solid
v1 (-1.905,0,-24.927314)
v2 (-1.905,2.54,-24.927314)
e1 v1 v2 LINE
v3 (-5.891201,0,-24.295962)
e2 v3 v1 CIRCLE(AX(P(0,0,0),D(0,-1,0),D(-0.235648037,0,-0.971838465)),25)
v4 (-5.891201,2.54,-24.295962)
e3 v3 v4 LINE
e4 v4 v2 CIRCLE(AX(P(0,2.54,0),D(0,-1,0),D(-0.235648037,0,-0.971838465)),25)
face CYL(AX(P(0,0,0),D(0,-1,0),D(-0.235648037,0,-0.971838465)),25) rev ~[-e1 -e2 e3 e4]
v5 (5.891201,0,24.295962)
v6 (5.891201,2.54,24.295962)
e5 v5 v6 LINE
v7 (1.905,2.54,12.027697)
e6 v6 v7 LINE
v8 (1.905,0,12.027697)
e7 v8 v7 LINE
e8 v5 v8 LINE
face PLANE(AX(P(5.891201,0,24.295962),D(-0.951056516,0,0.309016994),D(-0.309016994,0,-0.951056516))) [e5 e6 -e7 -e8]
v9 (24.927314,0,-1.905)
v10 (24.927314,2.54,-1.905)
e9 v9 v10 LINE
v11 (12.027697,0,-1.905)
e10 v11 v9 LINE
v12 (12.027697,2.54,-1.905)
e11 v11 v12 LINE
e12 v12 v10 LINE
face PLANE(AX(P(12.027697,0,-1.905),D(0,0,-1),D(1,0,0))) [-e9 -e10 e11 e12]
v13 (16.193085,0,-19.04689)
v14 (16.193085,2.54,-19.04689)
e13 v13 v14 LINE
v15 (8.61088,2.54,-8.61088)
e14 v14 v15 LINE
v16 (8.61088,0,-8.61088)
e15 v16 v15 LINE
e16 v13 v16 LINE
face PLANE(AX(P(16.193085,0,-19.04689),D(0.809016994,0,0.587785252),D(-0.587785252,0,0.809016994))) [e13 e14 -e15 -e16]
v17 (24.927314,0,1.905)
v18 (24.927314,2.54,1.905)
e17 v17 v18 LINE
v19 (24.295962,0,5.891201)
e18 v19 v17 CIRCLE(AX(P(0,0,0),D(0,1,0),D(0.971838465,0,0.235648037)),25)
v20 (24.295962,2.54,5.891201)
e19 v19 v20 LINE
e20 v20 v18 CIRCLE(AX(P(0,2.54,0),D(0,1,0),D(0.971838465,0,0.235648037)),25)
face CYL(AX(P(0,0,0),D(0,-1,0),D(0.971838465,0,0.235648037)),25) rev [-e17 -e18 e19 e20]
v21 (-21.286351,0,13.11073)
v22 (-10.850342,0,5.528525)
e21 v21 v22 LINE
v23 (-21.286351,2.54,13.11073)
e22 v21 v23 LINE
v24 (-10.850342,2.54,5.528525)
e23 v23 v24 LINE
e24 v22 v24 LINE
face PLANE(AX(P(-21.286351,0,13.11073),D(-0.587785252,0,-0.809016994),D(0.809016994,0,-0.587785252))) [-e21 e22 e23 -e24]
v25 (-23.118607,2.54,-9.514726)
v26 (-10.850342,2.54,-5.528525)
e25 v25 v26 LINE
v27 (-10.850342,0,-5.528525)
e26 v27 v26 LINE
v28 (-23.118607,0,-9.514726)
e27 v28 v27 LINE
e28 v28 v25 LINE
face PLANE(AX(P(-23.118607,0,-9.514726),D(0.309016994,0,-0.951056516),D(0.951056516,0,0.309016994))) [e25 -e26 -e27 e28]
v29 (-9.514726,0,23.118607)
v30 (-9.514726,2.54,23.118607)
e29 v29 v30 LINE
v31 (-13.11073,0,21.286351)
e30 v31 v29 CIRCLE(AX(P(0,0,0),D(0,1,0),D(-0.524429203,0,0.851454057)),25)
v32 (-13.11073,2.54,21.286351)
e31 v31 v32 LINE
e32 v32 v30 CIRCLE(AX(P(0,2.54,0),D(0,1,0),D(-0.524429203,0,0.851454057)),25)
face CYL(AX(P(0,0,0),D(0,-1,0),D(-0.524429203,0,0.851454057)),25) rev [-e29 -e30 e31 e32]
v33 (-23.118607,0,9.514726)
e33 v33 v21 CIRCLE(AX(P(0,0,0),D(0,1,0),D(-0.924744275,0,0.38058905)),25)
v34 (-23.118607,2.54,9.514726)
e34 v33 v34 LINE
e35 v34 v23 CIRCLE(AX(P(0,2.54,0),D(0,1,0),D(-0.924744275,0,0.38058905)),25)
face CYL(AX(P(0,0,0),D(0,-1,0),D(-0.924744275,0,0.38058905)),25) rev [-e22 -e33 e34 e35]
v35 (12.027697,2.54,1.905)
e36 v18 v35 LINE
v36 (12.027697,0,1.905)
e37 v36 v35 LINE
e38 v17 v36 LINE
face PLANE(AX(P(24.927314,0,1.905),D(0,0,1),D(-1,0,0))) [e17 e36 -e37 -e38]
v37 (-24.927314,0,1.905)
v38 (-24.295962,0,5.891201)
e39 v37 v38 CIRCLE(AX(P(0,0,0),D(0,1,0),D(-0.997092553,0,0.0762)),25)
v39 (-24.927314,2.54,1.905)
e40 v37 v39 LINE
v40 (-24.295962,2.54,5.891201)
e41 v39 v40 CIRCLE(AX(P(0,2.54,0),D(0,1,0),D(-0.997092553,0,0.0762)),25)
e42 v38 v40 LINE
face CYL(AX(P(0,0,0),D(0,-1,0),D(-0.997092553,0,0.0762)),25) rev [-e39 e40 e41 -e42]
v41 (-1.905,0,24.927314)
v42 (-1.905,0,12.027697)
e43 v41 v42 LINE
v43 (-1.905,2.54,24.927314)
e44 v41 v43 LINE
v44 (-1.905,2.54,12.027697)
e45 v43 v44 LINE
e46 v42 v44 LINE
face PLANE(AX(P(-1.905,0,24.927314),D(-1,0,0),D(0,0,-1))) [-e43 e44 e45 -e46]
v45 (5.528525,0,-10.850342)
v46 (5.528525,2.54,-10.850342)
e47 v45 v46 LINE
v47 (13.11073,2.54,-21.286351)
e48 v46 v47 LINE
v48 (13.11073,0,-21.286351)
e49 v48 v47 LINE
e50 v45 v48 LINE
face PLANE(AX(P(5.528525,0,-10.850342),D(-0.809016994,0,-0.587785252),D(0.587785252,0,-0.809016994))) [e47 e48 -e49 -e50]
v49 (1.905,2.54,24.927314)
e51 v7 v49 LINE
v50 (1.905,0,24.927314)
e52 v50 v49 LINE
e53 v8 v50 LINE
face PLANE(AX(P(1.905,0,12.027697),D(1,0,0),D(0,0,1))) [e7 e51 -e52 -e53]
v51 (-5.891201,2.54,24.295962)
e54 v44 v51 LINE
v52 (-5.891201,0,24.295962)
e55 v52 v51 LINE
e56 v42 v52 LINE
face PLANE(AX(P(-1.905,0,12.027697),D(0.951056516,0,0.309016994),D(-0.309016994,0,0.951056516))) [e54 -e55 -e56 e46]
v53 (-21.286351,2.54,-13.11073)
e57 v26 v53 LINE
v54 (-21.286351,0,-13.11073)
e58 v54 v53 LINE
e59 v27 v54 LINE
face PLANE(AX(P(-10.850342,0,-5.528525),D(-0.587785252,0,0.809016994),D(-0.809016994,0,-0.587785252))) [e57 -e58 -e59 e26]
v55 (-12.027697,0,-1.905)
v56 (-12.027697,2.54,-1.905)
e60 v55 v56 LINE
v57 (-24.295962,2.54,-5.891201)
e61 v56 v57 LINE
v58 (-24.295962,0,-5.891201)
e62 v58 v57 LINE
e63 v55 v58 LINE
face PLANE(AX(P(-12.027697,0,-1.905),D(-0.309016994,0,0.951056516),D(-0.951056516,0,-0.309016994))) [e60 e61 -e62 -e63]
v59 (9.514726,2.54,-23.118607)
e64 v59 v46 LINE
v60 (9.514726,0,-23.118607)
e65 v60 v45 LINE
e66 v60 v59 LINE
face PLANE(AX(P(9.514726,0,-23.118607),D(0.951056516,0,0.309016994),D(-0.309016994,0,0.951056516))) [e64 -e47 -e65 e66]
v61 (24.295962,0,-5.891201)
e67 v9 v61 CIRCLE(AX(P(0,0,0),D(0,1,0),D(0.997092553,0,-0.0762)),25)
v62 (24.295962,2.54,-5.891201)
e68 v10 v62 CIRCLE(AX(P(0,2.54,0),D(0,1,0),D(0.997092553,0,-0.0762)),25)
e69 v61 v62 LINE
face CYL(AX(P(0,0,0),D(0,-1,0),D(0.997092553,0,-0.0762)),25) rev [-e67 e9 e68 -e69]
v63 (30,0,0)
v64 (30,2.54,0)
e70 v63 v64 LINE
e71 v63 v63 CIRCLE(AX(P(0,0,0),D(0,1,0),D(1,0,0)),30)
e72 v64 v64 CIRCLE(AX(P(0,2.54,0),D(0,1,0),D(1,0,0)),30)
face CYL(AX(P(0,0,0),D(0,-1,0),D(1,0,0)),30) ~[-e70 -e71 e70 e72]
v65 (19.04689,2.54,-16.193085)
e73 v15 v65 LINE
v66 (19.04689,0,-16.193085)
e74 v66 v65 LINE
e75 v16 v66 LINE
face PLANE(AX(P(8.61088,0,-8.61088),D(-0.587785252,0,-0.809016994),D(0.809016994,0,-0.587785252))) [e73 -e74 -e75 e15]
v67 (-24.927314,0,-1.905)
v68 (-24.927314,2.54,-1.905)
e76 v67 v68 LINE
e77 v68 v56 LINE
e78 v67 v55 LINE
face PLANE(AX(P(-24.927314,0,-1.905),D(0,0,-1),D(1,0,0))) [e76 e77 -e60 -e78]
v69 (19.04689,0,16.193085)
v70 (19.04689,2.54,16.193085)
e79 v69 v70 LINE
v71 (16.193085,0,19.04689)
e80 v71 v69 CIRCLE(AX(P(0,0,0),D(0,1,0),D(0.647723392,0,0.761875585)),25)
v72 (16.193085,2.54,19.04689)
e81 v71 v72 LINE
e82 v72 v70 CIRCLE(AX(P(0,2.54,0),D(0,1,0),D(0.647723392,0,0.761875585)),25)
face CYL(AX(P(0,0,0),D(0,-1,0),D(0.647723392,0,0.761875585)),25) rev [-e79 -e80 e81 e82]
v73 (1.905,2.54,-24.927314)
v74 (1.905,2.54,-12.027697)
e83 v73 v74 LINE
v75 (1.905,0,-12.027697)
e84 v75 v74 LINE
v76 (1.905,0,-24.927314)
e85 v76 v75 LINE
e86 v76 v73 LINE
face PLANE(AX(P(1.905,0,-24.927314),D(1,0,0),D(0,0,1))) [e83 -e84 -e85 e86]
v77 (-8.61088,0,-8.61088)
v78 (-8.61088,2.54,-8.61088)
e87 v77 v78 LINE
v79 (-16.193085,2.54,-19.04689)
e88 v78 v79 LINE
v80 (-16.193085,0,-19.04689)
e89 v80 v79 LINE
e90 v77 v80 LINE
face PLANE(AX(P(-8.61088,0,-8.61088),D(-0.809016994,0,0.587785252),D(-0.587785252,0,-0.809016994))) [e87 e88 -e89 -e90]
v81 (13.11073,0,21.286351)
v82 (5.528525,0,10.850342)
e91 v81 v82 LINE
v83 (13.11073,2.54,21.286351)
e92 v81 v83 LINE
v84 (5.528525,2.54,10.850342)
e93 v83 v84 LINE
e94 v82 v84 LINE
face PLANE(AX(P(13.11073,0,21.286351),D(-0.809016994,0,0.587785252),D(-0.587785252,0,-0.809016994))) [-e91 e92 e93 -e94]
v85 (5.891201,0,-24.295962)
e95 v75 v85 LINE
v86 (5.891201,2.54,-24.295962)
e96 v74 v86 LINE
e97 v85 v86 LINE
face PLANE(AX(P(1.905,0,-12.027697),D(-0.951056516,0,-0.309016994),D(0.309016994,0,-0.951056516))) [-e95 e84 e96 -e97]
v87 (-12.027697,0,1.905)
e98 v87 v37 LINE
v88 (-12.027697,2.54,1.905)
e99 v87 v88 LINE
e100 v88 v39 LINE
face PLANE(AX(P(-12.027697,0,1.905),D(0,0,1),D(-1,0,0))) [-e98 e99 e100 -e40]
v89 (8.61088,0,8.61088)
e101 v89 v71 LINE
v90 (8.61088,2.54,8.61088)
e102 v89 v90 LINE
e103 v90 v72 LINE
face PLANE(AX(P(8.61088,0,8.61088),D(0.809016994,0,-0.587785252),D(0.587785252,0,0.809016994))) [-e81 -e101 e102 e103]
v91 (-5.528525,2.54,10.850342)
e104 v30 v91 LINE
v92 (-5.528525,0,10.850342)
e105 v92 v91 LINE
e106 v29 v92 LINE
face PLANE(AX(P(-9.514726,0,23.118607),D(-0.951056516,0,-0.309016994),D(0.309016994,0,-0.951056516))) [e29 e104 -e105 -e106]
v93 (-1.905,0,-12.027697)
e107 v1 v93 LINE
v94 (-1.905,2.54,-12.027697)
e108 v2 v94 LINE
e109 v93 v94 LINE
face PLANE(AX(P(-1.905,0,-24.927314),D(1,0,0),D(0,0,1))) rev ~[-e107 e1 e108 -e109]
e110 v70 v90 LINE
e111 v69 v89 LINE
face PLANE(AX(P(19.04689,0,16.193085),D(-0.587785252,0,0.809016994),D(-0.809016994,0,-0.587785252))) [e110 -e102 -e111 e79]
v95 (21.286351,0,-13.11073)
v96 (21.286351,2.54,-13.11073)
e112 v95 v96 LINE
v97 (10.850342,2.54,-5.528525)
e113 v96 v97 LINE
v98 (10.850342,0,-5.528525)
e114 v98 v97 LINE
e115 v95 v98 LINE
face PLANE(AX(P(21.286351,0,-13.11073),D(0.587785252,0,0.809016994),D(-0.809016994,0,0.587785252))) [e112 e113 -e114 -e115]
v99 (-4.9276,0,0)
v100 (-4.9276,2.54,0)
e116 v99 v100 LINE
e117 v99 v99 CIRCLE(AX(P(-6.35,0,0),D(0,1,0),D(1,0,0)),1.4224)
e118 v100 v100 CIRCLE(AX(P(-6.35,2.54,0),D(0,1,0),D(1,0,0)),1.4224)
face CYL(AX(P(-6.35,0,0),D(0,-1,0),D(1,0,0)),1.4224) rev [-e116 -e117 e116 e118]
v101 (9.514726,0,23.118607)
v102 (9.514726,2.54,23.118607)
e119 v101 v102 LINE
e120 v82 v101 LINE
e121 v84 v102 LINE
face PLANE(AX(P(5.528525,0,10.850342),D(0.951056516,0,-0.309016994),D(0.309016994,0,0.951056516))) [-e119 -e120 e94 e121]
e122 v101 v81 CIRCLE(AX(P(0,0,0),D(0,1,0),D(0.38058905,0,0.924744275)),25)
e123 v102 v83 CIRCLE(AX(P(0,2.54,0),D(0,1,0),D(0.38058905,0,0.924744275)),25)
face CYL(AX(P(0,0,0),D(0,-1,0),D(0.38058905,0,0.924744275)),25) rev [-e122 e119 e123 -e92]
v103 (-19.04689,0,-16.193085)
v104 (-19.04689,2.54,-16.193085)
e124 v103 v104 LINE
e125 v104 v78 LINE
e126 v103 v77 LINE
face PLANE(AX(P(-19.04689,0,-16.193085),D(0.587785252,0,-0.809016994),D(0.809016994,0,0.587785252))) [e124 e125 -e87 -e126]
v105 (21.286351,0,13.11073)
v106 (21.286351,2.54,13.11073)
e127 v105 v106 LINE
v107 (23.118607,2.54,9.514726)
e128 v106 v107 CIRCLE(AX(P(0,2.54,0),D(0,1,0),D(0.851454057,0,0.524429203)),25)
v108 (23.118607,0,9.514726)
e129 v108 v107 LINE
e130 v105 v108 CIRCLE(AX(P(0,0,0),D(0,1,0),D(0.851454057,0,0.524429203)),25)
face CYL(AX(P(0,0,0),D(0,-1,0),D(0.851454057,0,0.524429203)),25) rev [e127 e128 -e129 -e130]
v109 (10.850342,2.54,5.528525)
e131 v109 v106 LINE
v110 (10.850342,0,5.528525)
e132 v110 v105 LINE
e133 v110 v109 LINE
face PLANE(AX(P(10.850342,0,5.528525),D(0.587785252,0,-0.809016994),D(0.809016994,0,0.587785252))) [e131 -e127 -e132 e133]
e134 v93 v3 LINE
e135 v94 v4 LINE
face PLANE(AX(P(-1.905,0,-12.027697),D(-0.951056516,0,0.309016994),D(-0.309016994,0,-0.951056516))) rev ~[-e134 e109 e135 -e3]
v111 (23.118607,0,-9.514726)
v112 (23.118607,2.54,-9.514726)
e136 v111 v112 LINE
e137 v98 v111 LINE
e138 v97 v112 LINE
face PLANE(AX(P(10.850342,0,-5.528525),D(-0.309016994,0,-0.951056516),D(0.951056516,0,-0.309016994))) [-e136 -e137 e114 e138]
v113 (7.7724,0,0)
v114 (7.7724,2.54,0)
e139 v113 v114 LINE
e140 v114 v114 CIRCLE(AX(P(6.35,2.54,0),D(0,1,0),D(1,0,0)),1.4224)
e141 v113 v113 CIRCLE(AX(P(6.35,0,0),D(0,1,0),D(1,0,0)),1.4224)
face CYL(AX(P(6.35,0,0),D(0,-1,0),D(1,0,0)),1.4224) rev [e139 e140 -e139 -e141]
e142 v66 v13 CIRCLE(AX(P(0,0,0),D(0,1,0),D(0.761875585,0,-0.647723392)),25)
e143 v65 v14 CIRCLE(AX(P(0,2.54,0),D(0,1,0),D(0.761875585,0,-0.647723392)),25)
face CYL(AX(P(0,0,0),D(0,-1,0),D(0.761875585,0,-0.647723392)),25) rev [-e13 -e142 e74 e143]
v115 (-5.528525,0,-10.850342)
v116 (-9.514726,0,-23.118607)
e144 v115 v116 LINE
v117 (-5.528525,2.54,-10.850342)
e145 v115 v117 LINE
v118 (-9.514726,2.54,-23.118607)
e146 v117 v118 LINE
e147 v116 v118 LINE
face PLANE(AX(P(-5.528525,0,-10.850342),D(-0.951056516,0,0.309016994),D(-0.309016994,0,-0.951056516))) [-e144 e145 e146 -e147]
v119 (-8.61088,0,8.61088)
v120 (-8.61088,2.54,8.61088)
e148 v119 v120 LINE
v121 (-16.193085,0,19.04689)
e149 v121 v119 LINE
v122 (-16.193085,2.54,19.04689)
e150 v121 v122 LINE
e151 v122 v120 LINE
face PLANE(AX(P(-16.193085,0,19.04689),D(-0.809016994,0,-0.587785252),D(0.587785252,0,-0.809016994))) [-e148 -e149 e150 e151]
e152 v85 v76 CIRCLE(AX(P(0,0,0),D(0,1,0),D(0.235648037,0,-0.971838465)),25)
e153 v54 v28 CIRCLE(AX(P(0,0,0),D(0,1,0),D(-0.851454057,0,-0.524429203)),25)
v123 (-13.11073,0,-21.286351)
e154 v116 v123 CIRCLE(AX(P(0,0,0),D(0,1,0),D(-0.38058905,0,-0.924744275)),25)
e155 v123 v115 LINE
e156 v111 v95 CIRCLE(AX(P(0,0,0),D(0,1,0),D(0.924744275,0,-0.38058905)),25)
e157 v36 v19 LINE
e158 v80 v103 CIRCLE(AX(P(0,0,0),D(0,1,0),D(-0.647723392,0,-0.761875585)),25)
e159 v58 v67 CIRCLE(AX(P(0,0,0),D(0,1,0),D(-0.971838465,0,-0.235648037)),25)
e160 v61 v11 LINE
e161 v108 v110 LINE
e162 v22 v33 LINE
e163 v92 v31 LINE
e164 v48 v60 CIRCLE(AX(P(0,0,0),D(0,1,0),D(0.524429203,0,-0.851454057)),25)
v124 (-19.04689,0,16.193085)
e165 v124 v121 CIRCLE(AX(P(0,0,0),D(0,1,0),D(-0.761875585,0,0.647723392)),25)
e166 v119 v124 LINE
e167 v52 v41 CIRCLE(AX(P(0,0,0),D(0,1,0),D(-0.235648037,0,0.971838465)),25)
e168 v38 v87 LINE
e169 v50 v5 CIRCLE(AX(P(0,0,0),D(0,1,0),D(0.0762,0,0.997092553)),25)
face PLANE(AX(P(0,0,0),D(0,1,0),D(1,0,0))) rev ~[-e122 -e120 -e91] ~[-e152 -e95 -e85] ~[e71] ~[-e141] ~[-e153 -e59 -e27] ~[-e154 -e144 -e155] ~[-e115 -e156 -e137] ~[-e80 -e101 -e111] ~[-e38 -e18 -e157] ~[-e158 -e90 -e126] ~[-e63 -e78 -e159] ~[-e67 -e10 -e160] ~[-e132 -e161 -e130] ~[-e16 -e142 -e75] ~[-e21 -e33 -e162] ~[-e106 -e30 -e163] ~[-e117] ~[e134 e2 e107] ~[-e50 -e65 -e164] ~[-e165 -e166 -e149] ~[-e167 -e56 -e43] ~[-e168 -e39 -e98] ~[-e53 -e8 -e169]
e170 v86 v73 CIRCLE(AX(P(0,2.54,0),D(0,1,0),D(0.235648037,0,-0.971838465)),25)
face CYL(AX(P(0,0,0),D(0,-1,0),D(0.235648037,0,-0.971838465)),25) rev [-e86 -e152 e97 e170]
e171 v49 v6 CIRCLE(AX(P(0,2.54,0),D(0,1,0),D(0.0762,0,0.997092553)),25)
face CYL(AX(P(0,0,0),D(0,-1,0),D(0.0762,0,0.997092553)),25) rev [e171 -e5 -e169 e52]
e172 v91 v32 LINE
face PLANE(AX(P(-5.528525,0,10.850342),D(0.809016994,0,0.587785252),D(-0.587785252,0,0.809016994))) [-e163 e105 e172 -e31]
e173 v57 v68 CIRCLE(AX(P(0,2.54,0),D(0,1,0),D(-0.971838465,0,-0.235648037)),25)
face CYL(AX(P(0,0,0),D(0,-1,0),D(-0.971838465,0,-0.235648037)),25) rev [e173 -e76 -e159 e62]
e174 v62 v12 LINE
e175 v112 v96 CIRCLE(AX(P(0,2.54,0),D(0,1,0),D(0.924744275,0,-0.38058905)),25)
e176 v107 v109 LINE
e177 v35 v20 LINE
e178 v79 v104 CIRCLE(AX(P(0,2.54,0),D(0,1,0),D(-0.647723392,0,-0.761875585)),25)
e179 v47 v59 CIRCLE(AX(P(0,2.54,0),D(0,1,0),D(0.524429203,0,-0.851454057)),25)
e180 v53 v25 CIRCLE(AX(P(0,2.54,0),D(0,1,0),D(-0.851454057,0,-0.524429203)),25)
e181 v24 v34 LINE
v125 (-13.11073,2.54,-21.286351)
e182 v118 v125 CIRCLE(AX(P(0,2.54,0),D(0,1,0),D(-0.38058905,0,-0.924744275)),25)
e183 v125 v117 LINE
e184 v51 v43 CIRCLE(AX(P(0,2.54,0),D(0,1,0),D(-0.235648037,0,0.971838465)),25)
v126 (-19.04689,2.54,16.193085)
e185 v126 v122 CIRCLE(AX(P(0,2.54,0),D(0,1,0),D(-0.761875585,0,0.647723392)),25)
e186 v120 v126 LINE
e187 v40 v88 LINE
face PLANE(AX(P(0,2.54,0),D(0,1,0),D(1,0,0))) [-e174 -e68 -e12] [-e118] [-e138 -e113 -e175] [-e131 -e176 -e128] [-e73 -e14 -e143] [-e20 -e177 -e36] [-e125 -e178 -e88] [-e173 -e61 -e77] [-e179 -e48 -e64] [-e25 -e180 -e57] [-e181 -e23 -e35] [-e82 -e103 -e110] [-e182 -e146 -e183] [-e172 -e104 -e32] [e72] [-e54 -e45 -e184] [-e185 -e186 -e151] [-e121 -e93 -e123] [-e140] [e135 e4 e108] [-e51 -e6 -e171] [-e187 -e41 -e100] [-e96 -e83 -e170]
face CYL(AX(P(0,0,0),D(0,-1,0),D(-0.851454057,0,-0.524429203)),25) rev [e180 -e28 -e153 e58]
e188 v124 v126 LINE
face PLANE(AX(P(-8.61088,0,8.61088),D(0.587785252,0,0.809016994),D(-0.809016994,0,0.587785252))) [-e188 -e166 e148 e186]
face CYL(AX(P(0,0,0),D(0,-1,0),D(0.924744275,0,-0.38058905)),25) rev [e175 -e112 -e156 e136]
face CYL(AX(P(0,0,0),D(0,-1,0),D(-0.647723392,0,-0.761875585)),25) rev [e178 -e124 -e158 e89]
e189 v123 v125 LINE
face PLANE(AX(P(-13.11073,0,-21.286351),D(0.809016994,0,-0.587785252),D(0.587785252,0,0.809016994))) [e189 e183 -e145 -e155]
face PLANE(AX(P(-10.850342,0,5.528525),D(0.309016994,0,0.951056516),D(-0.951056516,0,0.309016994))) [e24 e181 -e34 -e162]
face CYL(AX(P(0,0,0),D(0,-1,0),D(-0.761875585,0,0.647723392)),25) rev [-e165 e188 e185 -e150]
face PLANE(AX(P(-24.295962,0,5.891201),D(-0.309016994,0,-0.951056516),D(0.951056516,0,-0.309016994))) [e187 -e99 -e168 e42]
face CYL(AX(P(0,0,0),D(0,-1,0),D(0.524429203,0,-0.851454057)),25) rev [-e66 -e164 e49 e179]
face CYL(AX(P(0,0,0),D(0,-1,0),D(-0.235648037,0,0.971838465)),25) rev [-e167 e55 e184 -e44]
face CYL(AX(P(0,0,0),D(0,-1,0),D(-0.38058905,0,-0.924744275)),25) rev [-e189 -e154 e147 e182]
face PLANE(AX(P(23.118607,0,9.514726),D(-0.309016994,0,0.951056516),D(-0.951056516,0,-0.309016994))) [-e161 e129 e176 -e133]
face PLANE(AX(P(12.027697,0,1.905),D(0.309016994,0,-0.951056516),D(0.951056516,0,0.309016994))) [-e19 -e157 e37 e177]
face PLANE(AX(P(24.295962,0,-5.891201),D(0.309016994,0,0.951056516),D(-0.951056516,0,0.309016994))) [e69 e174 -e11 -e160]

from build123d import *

# Parameters (mm, degrees)
SKETCH1_R           = 30
SKETCH1_R_2         = 1.4224
BOSS_EXTRUDE1_DEPTH = 2.54


with BuildPart() as part:
    # Sketch1 → Boss-Extrude1 (new body)
    with BuildSketch(Plane(origin=(0, 0, 0), x_dir=(1, 0, 0), z_dir=(0, 1, 0))):
        Circle(SKETCH1_R)
        with Locations((6.35, 0)):
            Circle(SKETCH1_R_2, mode=Mode.SUBTRACT)
        with Locations((-6.35, 0)):
            Circle(SKETCH1_R_2, mode=Mode.SUBTRACT)
        with BuildLine():
            Line((-1.905, 24.927313873), (-1.905, 12.027696635))
            Line((-1.905, 12.027696635), (-5.891200947, 24.295961666))
            ThreePointArc((-5.891200947, 24.295961666), (-3.910861632, 24.692208552), (-1.905, 24.927313873))
        make_face(mode=Mode.SUBTRACT)
        with BuildLine():
            Line((1.905, 24.927313873), (1.905, 12.027696635))
            Line((1.905, 12.027696635), (5.891200947, 24.295961666))
            ThreePointArc((5.891200947, 24.295961666), (3.910861632, 24.692208552), (1.905, 24.927313873))
        make_face(mode=Mode.SUBTRACT)
        with BuildLine():
            Line((9.514726274, 23.118606918), (5.528525327, 10.850341887))
            Line((5.528525327, 10.850341887), (13.110730099, 21.286351453))
            ThreePointArc((13.110730099, 21.286351453), (11.349762511, 22.275163139), (9.514726274, 23.118606918))
        make_face(mode=Mode.SUBTRACT)
        with BuildLine():
            Line((16.193084848, 19.046889641), (8.610880076, 8.610880076))
            Line((8.610880076, 8.610880076), (19.046889641, 16.193084848))
            ThreePointArc((19.046889641, 16.193084848), (17.677669557, 17.677669557), (16.193084848, 19.046889641))
        make_face(mode=Mode.SUBTRACT)
        with BuildLine():
            Line((21.286351453, 13.110730099), (10.850341887, 5.528525327))
            Line((10.850341887, 5.528525327), (23.118606918, 9.514726274))
            ThreePointArc((23.118606918, 9.514726274), (22.275163139, 11.349762511), (21.286351453, 13.110730099))
        make_face(mode=Mode.SUBTRACT)
        with BuildLine():
            Line((24.295961666, 5.891200947), (12.027696635, 1.905))
            Line((12.027696635, 1.905), (24.927313873, 1.905))
            ThreePointArc((24.927313873, 1.905), (24.692208552, 3.910861632), (24.295961666, 5.891200947))
        make_face(mode=Mode.SUBTRACT)
        with BuildLine():
            Line((24.927313873, -1.905), (12.027696635, -1.905))
            Line((12.027696635, -1.905), (24.295961666, -5.891200947))
            ThreePointArc((24.295961666, -5.891200947), (24.692208552, -3.910861632), (24.927313873, -1.905))
        make_face(mode=Mode.SUBTRACT)
        with BuildLine():
            Line((23.118606918, -9.514726274), (10.850341887, -5.528525327))
            Line((10.850341887, -5.528525327), (21.286351453, -13.110730099))
            ThreePointArc((21.286351453, -13.110730099), (22.275163139, -11.349762511), (23.118606918, -9.514726274))
        make_face(mode=Mode.SUBTRACT)
        with BuildLine():
            Line((19.046889641, -16.193084848), (8.610880076, -8.610880076))
            Line((8.610880076, -8.610880076), (16.193084848, -19.046889641))
            ThreePointArc((16.193084848, -19.046889641), (17.677669557, -17.677669557), (19.046889641, -16.193084848))
        make_face(mode=Mode.SUBTRACT)
        with BuildLine():
            Line((13.110730099, -21.286351453), (5.528525327, -10.850341887))
            Line((5.528525327, -10.850341887), (9.514726274, -23.118606918))
            ThreePointArc((9.514726274, -23.118606918), (11.349762511, -22.275163139), (13.110730099, -21.286351453))
        make_face(mode=Mode.SUBTRACT)
        with BuildLine():
            Line((5.891200947, -24.295961666), (1.905, -12.027696635))
            Line((1.905, -12.027696635), (1.905, -24.927313873))
            ThreePointArc((1.905, -24.927313873), (3.910861632, -24.692208552), (5.891200947, -24.295961666))
        make_face(mode=Mode.SUBTRACT)
        with BuildLine():
            Line((-1.905, -24.927313873), (-1.905, -12.027696635))
            Line((-1.905, -12.027696635), (-5.891200947, -24.295961666))
            ThreePointArc((-5.891200947, -24.295961666), (-3.910861632, -24.692208552), (-1.905, -24.927313873))
        make_face(mode=Mode.SUBTRACT)
        with BuildLine():
            Line((-9.514726274, -23.118606918), (-5.528525327, -10.850341887))
            Line((-5.528525327, -10.850341887), (-13.110730099, -21.286351453))
            ThreePointArc((-13.110730099, -21.286351453), (-11.349762511, -22.275163139), (-9.514726274, -23.118606918))
        make_face(mode=Mode.SUBTRACT)
        with BuildLine():
            Line((-16.193084848, -19.046889641), (-8.610880076, -8.610880076))
            Line((-8.610880076, -8.610880076), (-19.046889641, -16.193084848))
            ThreePointArc((-19.046889641, -16.193084848), (-17.677669557, -17.677669557), (-16.193084848, -19.046889641))
        make_face(mode=Mode.SUBTRACT)
        with BuildLine():
            Line((-21.286351453, -13.110730099), (-10.850341887, -5.528525327))
            Line((-10.850341887, -5.528525327), (-23.118606918, -9.514726274))
            ThreePointArc((-23.118606918, -9.514726274), (-22.275163139, -11.349762511), (-21.286351453, -13.110730099))
        make_face(mode=Mode.SUBTRACT)
        with BuildLine():
            Line((-24.295961666, -5.891200947), (-12.027696635, -1.905))
            Line((-12.027696635, -1.905), (-24.927313873, -1.905))
            ThreePointArc((-24.927313873, -1.905), (-24.692208552, -3.910861632), (-24.295961666, -5.891200947))
        make_face(mode=Mode.SUBTRACT)
        with BuildLine():
            Line((-24.927313873, 1.905), (-12.027696635, 1.905))
            Line((-12.027696635, 1.905), (-24.295961666, 5.891200947))
            ThreePointArc((-24.295961666, 5.891200947), (-24.692208552, 3.910861632), (-24.927313873, 1.905))
        make_face(mode=Mode.SUBTRACT)
        with BuildLine():
            Line((-23.118606918, 9.514726274), (-10.850341887, 5.528525327))
            Line((-10.850341887, 5.528525327), (-21.286351453, 13.110730099))
            ThreePointArc((-21.286351453, 13.110730099), (-22.275163139, 11.349762511), (-23.118606918, 9.514726274))
        make_face(mode=Mode.SUBTRACT)
        with BuildLine():
            Line((-19.046889641, 16.193084848), (-8.610880076, 8.610880076))
            Line((-8.610880076, 8.610880076), (-16.193084848, 19.046889641))
            ThreePointArc((-16.193084848, 19.046889641), (-17.677669557, 17.677669557), (-19.046889641, 16.193084848))
        make_face(mode=Mode.SUBTRACT)
        with BuildLine():
            Line((-13.110730099, 21.286351453), (-5.528525327, 10.850341887))
            Line((-5.528525327, 10.850341887), (-9.514726274, 23.118606918))
            ThreePointArc((-9.514726274, 23.118606918), (-11.349762511, 22.275163139), (-13.110730099, 21.286351453))
        make_face(mode=Mode.SUBTRACT)
    extrude(amount=BOSS_EXTRUDE1_DEPTH)


solid = part.part
